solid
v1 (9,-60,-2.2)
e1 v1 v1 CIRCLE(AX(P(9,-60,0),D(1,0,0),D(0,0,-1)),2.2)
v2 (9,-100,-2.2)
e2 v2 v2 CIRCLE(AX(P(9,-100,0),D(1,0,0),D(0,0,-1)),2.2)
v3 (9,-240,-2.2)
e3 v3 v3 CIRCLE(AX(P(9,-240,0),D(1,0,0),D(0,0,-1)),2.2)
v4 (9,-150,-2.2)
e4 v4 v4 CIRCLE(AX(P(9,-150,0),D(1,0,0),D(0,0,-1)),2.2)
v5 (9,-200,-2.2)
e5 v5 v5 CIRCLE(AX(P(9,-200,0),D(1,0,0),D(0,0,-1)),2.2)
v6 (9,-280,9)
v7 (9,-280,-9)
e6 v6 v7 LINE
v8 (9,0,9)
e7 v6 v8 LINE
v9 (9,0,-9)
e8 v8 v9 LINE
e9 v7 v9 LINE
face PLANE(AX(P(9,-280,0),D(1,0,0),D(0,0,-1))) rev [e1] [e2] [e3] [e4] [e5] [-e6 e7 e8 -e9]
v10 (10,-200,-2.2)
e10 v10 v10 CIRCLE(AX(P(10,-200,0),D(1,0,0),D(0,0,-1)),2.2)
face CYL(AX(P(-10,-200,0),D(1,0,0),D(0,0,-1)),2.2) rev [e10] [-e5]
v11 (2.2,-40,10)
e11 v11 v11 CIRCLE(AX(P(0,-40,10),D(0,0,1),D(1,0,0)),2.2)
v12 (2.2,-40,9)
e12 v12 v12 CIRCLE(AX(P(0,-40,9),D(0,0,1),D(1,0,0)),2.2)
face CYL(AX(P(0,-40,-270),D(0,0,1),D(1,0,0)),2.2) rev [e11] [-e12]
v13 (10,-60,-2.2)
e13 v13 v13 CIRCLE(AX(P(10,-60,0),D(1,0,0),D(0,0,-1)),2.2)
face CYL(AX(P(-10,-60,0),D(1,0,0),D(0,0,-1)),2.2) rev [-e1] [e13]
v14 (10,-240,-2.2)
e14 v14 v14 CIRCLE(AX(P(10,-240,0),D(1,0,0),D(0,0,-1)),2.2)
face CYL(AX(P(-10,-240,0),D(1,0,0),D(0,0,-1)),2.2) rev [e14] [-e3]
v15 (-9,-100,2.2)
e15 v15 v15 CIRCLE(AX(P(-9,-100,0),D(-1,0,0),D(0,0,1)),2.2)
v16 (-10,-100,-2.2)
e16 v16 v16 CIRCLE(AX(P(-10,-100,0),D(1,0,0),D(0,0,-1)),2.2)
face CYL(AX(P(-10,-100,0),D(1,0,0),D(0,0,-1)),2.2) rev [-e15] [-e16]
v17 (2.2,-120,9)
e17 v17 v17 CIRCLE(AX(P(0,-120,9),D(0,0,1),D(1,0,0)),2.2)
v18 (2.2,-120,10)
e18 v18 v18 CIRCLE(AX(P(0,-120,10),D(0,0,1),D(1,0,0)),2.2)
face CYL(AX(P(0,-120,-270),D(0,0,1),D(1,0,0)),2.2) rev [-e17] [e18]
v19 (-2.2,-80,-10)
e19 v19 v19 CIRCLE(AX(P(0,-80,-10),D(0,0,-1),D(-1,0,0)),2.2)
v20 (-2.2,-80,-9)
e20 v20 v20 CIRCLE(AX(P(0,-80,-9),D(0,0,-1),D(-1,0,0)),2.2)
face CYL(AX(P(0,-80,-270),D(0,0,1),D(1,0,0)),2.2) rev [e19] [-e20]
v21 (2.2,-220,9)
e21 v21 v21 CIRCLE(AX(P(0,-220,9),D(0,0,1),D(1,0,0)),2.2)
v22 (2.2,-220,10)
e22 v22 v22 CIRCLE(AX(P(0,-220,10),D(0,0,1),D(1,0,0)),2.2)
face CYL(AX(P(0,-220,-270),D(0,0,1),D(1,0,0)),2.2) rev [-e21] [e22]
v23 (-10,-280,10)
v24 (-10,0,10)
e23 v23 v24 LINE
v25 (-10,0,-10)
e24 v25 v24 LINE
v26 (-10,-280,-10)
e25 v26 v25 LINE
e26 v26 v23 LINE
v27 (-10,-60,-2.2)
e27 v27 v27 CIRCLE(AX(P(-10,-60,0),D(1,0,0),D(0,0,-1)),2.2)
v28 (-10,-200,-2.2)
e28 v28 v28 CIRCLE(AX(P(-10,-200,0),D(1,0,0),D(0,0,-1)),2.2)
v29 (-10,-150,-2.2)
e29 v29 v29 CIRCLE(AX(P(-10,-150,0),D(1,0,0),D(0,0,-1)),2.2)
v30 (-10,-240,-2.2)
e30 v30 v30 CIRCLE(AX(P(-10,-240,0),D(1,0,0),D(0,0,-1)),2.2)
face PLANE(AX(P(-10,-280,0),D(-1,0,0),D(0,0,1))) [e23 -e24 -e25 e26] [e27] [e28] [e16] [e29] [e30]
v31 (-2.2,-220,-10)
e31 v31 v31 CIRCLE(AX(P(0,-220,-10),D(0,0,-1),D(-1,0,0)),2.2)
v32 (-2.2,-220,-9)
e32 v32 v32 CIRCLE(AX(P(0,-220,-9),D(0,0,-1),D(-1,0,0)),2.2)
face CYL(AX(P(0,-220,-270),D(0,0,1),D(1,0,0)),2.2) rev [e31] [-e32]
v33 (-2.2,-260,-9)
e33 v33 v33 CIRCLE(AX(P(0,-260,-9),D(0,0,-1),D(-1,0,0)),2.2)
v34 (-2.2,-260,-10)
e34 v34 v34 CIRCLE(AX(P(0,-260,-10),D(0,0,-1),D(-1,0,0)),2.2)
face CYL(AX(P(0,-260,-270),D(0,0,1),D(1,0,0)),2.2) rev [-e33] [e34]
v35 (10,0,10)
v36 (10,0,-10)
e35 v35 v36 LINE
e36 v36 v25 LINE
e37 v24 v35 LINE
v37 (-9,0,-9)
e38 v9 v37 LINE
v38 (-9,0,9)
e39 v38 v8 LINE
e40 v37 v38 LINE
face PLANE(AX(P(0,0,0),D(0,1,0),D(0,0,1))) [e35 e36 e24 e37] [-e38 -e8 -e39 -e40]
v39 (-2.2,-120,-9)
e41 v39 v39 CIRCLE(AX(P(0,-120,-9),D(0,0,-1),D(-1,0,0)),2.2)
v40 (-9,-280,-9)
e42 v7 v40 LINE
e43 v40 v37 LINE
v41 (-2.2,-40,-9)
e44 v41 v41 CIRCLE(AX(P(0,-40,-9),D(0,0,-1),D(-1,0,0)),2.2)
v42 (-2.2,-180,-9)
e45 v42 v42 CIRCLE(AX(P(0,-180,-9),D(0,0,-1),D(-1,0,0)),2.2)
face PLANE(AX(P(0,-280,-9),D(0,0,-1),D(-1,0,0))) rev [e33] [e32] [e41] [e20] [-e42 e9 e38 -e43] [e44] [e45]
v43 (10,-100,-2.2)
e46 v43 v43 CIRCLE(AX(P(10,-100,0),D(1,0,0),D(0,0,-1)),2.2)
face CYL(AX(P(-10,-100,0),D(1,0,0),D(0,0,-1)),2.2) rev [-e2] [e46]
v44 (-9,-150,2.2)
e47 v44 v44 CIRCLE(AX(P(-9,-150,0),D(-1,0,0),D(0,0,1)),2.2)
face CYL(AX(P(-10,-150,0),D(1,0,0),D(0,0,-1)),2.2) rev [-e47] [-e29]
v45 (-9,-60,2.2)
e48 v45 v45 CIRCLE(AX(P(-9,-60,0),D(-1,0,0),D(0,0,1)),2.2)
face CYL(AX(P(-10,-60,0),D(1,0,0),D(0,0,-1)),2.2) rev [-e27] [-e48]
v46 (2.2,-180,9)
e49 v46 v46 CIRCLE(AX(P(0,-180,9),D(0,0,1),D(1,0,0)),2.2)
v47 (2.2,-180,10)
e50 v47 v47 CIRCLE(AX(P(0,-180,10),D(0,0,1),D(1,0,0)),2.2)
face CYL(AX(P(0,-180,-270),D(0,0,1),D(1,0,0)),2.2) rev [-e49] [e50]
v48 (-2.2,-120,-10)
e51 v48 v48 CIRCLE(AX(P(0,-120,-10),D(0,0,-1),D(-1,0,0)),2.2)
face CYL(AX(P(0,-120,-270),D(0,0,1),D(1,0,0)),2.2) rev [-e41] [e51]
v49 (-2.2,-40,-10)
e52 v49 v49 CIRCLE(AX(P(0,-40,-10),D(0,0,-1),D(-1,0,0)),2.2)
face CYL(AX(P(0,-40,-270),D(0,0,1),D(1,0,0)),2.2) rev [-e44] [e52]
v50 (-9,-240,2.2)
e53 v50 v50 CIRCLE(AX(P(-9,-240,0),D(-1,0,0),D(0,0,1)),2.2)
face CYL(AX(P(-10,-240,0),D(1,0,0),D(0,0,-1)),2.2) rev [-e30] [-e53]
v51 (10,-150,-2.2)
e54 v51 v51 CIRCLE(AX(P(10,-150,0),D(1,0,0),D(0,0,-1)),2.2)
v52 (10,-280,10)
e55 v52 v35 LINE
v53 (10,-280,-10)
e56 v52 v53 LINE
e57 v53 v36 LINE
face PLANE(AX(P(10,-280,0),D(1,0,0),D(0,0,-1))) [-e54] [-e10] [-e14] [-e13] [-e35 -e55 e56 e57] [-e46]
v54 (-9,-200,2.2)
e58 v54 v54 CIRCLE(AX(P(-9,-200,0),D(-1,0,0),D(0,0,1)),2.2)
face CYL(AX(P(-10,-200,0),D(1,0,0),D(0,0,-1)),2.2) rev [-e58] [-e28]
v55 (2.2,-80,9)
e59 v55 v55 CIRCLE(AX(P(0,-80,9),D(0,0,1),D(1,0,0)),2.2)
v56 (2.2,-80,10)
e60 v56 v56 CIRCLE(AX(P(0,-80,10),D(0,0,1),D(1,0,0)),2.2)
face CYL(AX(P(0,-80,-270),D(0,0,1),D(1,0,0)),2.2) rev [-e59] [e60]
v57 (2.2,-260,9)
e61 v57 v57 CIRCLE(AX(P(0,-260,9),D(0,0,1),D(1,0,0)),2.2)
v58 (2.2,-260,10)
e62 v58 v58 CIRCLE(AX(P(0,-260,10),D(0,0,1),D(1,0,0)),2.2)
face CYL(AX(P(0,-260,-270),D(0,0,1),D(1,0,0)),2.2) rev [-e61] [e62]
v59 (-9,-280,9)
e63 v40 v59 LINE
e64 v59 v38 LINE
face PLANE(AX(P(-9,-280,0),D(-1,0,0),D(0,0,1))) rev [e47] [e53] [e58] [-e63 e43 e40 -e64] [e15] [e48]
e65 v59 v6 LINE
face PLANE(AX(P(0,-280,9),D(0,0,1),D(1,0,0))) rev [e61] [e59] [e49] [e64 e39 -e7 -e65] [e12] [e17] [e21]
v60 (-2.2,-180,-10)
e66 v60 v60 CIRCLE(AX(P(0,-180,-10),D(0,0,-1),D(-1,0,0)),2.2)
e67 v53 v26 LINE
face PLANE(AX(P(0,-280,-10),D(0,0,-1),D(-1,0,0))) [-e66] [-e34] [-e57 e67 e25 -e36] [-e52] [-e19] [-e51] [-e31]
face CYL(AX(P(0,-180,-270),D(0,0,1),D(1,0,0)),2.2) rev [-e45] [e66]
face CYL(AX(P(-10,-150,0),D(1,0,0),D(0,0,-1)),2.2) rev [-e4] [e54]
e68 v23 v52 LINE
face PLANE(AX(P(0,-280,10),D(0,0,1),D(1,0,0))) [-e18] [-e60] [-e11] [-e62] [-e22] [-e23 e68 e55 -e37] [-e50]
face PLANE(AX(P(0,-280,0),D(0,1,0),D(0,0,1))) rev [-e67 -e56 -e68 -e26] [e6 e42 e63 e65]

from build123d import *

# Parameters (mm, degrees)
EXTRUDE_1_DEPTH     = 280
SKETCH_2_R          = 2.2
CUT_EXTRUDE_1_DEPTH = 280
SKETCH_3_R          = 2.2
CUT_EXTRUDE_2_DEPTH = 20


with BuildPart() as part:
    # 草图1 → 凸台-拉伸1 (new body)
    with BuildSketch(Plane(origin=(0, 0, 0), x_dir=(1, 0, 0), z_dir=(0, 1, 0))):
        Polygon((10, 0), (10, 10), (0, 10), (-10, 10), (-10, 0), (-10, -10), (0, -10), (10, -10), align=None)
        Polygon((9, 0), (9, 9), (0, 9), (-9, 9), (-9, 0), (-9, -9), (0, -9), (9, -9), align=None, mode=Mode.SUBTRACT)
    extrude(amount=-EXTRUDE_1_DEPTH)

    # 草图2 → 切除-拉伸1 (cut)
    with BuildSketch(Plane.XY.offset(10)):
        with Locations(Location((0, -40, 0), (0, 0, 180))):
            Circle(SKETCH_2_R)
        with Locations(Location((0, -80, 0), (0, 0, 180))):
            Circle(SKETCH_2_R)
        with Locations(Location((0, -120, 0), (0, 0, 180))):
            Circle(SKETCH_2_R)
        with Locations(Location((0, -180, 0), (0, 0, 180))):
            Circle(SKETCH_2_R)
        with Locations(Location((0, -220, 0), (0, 0, 180))):
            Circle(SKETCH_2_R)
        with Locations(Location((0, -260, 0), (0, 0, 180))):
            Circle(SKETCH_2_R)
    extrude(amount=-CUT_EXTRUDE_1_DEPTH, mode=Mode.SUBTRACT)

    # 草图3 → 切除-拉伸2 (cut)
    with BuildSketch(Plane(origin=(10, 0, 0), x_dir=(0, 0, -1), z_dir=(1, 0, 0))):
        with Locations((0, -60)):
            Circle(SKETCH_3_R)
        with Locations((0, -100)):
            Circle(SKETCH_3_R)
        with Locations((0, -150)):
            Circle(SKETCH_3_R)
        with Locations((0, -200)):
            Circle(SKETCH_3_R)
        with Locations((0, -240)):
            Circle(SKETCH_3_R)
    extrude(amount=-CUT_EXTRUDE_2_DEPTH, mode=Mode.SUBTRACT)


solid = part.part
